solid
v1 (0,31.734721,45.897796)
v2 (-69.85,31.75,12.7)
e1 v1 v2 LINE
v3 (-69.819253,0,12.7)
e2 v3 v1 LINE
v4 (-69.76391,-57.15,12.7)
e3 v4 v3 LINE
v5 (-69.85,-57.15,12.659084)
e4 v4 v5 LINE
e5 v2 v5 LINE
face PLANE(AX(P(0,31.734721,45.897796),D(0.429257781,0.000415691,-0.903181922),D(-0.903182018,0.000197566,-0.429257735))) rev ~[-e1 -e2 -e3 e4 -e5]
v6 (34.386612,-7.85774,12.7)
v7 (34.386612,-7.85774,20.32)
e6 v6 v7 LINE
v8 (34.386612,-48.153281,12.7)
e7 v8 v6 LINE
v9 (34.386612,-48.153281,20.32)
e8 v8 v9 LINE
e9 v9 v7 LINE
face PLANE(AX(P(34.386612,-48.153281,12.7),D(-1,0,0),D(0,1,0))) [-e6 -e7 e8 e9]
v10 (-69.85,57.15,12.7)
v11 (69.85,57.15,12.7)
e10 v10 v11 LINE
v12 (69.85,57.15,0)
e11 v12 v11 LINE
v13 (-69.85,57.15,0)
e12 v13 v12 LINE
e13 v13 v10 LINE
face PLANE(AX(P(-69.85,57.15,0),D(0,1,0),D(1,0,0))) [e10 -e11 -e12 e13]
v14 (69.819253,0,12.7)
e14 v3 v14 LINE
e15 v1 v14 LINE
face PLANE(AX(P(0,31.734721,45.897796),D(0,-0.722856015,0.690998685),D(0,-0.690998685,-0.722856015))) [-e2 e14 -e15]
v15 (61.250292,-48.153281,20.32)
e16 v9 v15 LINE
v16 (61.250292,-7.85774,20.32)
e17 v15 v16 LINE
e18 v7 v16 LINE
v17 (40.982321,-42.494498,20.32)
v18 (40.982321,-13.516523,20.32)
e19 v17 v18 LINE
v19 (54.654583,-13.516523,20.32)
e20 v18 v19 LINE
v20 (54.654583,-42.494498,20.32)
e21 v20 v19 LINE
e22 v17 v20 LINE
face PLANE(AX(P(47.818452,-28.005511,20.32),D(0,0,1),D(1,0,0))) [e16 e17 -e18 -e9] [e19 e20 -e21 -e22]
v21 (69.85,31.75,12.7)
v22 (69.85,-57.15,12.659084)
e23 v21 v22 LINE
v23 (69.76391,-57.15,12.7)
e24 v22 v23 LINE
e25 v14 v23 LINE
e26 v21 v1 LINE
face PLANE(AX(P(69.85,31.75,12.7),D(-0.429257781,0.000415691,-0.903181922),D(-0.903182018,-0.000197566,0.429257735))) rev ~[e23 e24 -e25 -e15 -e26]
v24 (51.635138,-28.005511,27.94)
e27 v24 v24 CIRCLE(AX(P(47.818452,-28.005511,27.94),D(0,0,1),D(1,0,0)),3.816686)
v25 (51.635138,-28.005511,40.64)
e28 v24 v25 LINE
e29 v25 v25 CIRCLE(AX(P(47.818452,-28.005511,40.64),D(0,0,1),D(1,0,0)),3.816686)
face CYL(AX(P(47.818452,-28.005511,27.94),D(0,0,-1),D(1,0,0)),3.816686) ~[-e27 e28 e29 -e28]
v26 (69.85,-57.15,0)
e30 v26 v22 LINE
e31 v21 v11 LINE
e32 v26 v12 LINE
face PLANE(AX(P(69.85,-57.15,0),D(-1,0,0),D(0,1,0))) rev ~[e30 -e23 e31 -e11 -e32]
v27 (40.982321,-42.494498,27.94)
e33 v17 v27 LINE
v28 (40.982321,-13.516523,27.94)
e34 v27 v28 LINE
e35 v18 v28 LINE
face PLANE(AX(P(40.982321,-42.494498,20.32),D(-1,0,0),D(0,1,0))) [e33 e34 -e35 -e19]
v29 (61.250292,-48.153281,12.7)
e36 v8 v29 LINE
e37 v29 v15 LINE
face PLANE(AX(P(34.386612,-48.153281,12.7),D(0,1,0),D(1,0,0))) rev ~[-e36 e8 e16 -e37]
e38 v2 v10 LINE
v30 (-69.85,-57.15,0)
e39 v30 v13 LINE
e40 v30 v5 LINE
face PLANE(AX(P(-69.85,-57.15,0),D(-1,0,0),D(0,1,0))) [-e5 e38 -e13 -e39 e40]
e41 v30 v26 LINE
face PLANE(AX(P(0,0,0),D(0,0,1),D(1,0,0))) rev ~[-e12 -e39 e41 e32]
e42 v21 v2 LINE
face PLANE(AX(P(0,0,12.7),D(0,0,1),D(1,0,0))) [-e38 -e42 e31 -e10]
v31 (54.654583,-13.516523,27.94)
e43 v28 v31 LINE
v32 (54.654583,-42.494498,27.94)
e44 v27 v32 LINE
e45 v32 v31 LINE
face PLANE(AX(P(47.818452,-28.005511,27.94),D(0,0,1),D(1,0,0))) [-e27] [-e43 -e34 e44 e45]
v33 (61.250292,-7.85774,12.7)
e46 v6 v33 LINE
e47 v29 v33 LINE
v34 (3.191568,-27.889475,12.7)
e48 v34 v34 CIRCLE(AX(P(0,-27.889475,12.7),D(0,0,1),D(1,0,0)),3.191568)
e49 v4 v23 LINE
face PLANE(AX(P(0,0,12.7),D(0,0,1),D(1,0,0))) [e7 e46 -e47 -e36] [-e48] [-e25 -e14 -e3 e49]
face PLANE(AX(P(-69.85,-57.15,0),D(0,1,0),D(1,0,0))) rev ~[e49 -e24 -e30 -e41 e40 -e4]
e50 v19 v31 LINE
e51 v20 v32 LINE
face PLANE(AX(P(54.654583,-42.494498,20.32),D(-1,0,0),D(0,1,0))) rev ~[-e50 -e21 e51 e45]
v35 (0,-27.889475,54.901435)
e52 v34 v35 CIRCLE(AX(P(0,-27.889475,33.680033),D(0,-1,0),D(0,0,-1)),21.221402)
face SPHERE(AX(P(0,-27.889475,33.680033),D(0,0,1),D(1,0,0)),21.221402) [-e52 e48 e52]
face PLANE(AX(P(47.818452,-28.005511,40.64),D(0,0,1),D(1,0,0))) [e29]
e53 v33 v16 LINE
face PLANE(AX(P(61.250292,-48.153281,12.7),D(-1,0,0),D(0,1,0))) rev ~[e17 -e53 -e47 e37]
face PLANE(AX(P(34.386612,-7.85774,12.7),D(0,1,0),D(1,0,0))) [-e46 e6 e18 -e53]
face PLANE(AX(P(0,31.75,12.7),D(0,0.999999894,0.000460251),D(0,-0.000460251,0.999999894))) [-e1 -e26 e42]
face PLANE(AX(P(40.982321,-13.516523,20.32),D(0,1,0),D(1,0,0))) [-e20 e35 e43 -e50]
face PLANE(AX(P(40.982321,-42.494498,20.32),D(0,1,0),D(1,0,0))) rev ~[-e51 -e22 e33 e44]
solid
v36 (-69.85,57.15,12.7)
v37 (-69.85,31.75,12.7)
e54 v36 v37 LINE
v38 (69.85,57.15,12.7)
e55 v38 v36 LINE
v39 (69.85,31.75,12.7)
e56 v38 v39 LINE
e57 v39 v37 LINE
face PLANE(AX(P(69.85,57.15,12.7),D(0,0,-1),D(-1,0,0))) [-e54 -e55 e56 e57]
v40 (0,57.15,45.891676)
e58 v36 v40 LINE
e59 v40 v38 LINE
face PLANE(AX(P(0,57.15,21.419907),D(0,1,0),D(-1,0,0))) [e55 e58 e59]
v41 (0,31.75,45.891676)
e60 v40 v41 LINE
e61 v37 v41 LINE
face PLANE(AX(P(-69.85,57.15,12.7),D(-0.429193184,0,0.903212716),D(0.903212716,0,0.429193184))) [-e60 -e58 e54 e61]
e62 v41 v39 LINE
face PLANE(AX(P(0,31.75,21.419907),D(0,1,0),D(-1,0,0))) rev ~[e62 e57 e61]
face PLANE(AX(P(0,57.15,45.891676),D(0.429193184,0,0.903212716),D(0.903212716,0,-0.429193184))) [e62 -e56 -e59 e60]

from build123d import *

# Parameters (mm, degrees)
F0_W      = 139.7
F0_H      = 114.3
F1_DEPTH  = 12.7
F3_DEPTH  = 25.4
F5_DEPTH  = 69.85
F7_DEPTH  = 152.4
F12_W     = 26.8636792898
F12_H     = 40.2955412865
F13_DEPTH = 7.62
F14_W     = 13.6722624302
F14_H     = 28.9779752493
F15_DEPTH = 7.62
F16_R     = 3.8166863586
F17_DEPTH = 12.7


with BuildPart() as f1:
    # F0 (on Top) → F1 (new body)
    with BuildSketch(Plane.XY):
        Rectangle(F0_W, F0_H)
    extrude(amount=F1_DEPTH)

    # F4 (on Right) → F5 (join, symmetric)
    with BuildSketch(Plane.YZ):
        Polygon((31.7347206713, 45.8977964838), (0, 12.7), (31.75, 12.7), align=None)
    extrude(amount=F5_DEPTH, both=True)

    # F6 (on face) → F7 (cut)
    with BuildSketch(Plane(origin=(0, 31.7558384645, 0.0146156657), x_dir=(-1, 0, 0), z_dir=(0, 0.9999998941, 0.0004602512))):
        Polygon((-69.85, 45.8831856779), (-69.85, 12.6853856779), (0, 45.8831856779), align=None)
        Polygon((69.85, 45.8831856779), (0, 45.8831856779), (69.85, 12.6853856779), align=None)
    extrude(amount=-F7_DEPTH, mode=Mode.SUBTRACT)

    # F9 (on offset) → F11 (revolve)
    with BuildSketch(Plane.XZ.offset(27.8894752264)):
        with BuildLine():
            Line((0, 54.9014345332), (0, 12.4586313442))
            ThreePointArc((0, 12.4586313442), (21.2214015945, 33.6800329387), (0, 54.9014345332))
        make_face()
    revolve(axis=Axis((0, -27.8894752264, 30.9769287705), (0, 0, 1)))

    # F12 (on face) → F13 (join)
    with BuildSketch(Plane.XY.offset(12.7)):
        with Locations((47.8184521198, -28.0055105686)):
            Rectangle(F12_W, F12_H)
    extrude(amount=F13_DEPTH)

    # F14 (on face) → F15 (join)
    with BuildSketch(Plane.XY.offset(20.32)):
        with Locations((47.8184521198, -28.0055105686)):
            Rectangle(F14_W, F14_H)
    extrude(amount=F15_DEPTH)

    # F16 (on face) → F17 (join)
    with BuildSketch(Plane.XY.offset(27.94)):
        with Locations((47.8184521198, -28.0055105686)):
            Circle(F16_R)
    extrude(amount=F17_DEPTH)


with BuildPart() as f3:
    # F2 (on face) → F3 (new body)
    with BuildSketch(Plane(origin=(0, 57.15, 0), x_dir=(-1, 0, 0), z_dir=(0, 1, 0))):
        Polygon((-69.85, 12.7), (69.85, 12.7), (0, 45.8916760981), align=None)
    extrude(amount=-F3_DEPTH)


solid = Compound([f1.part, f3.part])
